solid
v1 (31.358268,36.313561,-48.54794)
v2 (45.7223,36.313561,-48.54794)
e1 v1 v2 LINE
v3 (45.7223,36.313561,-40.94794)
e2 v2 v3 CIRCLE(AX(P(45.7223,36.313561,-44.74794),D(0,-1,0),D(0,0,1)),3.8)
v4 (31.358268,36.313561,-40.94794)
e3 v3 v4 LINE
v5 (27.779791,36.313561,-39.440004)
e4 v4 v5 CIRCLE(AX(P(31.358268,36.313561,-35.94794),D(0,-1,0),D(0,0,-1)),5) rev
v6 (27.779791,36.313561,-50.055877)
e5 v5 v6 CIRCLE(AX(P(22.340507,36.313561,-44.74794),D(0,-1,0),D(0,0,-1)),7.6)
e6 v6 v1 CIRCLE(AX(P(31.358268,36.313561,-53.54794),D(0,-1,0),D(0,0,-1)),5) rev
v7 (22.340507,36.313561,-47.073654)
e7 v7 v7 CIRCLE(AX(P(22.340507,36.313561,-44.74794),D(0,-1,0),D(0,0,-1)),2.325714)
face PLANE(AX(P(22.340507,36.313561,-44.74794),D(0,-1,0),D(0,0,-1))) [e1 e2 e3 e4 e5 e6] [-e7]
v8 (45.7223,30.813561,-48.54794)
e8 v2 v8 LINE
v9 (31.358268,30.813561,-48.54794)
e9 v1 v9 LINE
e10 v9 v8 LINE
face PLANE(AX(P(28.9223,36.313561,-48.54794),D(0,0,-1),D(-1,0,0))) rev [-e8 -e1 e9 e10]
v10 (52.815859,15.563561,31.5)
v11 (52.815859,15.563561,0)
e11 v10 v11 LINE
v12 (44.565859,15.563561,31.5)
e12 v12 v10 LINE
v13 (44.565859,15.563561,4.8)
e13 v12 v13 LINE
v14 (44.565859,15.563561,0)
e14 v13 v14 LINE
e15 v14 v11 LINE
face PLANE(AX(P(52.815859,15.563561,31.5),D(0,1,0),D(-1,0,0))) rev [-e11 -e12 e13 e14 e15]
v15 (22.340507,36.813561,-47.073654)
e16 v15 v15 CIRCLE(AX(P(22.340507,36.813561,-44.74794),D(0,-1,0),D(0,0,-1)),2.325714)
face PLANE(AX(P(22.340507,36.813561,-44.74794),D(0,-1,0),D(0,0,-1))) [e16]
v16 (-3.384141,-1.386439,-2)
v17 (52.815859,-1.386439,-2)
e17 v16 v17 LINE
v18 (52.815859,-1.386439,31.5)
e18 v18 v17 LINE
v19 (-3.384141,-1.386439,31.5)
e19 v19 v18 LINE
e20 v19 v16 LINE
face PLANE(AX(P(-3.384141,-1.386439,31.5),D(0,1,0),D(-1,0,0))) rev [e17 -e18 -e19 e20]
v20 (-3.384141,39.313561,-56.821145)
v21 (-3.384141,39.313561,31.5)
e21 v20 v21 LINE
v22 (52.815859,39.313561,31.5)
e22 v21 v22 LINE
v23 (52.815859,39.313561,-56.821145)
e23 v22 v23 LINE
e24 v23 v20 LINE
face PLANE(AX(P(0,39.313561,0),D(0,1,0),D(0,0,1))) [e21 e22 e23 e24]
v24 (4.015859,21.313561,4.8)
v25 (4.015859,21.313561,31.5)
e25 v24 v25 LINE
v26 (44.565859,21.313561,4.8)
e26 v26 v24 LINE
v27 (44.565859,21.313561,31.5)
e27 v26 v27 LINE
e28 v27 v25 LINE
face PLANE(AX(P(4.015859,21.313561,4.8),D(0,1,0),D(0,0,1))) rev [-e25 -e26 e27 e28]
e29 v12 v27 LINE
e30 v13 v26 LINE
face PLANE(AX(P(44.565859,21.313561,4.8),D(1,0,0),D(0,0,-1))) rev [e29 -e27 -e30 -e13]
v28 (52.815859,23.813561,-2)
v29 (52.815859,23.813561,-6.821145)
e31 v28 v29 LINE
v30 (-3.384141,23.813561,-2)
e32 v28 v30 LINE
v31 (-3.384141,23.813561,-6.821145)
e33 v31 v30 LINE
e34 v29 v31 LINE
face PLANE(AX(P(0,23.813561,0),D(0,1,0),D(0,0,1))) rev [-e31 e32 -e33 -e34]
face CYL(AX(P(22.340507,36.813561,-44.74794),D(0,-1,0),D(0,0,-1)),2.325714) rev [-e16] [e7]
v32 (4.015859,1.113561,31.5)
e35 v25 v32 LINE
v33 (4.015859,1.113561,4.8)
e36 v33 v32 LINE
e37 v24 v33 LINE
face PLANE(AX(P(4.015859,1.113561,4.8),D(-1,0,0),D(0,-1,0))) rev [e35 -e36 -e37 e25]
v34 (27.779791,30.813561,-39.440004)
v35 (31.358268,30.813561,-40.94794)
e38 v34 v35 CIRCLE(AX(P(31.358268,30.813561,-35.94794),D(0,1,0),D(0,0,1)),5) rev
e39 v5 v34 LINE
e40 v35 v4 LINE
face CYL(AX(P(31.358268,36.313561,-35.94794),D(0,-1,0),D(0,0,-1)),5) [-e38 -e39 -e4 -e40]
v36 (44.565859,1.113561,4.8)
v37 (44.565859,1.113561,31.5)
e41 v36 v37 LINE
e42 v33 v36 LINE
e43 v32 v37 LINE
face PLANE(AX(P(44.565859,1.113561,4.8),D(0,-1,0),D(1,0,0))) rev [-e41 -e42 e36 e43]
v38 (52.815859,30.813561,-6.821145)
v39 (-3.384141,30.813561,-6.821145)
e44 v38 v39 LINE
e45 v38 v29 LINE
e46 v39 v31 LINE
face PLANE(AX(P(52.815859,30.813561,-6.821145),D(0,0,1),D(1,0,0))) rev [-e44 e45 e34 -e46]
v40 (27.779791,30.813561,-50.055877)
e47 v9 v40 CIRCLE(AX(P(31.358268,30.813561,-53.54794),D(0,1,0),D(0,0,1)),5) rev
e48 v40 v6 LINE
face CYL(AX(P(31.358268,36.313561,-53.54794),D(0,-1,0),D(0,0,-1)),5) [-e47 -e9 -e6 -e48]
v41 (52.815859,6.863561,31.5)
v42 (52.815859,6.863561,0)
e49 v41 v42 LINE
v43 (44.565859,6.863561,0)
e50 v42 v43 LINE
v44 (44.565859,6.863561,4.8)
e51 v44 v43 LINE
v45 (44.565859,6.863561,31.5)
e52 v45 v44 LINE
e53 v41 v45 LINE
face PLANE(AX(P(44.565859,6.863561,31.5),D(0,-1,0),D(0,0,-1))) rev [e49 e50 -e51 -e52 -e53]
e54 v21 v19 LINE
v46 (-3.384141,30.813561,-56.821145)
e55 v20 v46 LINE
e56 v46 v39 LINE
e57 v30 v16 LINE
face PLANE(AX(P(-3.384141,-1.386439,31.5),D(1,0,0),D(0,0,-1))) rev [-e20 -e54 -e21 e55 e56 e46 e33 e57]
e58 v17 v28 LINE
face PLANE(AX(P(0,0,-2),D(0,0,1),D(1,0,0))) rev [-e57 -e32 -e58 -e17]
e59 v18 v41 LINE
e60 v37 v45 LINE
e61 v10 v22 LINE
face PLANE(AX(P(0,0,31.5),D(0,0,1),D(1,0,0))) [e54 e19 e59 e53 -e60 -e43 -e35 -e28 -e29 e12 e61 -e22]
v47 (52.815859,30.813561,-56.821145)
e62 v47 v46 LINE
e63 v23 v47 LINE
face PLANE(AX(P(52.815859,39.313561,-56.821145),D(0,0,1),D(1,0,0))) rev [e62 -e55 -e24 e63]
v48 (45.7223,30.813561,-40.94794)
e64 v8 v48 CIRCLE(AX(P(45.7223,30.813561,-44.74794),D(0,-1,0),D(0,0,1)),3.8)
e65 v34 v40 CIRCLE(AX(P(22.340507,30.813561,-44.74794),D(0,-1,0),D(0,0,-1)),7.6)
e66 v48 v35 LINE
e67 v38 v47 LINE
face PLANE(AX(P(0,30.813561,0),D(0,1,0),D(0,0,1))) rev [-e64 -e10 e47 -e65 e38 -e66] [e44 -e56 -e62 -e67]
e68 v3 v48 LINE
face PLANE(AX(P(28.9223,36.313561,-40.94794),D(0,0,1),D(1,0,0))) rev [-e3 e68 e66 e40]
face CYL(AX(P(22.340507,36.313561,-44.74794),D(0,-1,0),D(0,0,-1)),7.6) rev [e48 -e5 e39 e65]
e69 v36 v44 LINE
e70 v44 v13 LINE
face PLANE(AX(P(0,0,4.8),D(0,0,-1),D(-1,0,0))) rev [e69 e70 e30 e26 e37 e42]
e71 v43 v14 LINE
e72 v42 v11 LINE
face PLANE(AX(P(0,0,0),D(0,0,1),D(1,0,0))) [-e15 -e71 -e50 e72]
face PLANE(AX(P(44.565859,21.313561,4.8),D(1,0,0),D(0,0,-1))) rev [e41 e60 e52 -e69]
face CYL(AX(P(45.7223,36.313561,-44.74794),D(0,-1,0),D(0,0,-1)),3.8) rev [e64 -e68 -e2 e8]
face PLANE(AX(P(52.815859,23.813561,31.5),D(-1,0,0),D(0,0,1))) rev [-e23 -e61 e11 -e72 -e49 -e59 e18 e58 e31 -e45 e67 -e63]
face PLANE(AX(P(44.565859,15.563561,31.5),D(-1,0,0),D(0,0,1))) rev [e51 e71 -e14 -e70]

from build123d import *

# Parameters (mm, degrees)
BOSS_EXTRUDE1_DEPTH = 31.5
CUT_EXTRUDE1_DEPTH  = 26.7
SKETCH3_W           = 56.2
SKETCH3_H           = 25.2
BOSS_EXTRUDE2_DEPTH = 2
SKETCH5_W           = 56.2
SKETCH5_H           = 20
BOSS_EXTRUDE4_DEPTH = 7
SKETCH6_W           = 56.2
SKETCH6_H           = 60
BOSS_EXTRUDE5_DEPTH = 8.5
CUT_EXTRUDE2_DEPTH  = 5.5
SKETCH11_R          = 2.32571443
CUT_EXTRUDE3_DEPTH  = 0.5
SKETCH12_W          = 56.2
SKETCH12_H          = 7
BOSS_EXTRUDE8_DEPTH = 18.321145389
SKETCH18_W          = 56.2
SKETCH18_H          = 8.5
BOSS_EXTRUDE9_DEPTH = 28.321145389
FILLET5_R           = 5


with BuildPart() as part:
    # Sketch1 → Boss-Extrude1 (new body)
    with BuildSketch(Plane.XY):
        Polygon((-3.384140796, -1.386438558), (-3.384140796, 23.813561442), (52.815859204, 23.813561442), (52.815859204, 15.563561442), (44.565859204, 15.563561442), (44.565859204, 6.863561442), (52.815859204, 6.863561442), (52.815859204, -1.386438558), align=None)
    extrude(amount=BOSS_EXTRUDE1_DEPTH)

    # Sketch2 → Cut-Extrude1 (cut)
    with BuildSketch(Plane.XY.offset(31.5)):
        Polygon((4.015859204, 21.313561442), (44.565859204, 21.313561442), (44.565859204, 15.563561442), (44.565859204, 6.863561442), (44.565859204, 1.113561442), (4.015859204, 1.113561442), align=None)
    extrude(amount=-CUT_EXTRUDE1_DEPTH, mode=Mode.SUBTRACT)

    # Sketch3 → Boss-Extrude2 (add)
    with BuildSketch(Plane(origin=(0, 0, 0), x_dir=(-1, 0, 0), z_dir=(0, 0, -1))):
        with Locations((-24.715859204, 11.213561442)):
            Rectangle(SKETCH3_W, SKETCH3_H)
    extrude(amount=BOSS_EXTRUDE2_DEPTH)

    # Sketch5 → Boss-Extrude4 (add)
    with BuildSketch(Plane(origin=(0, 23.813561442, 0), x_dir=(1, 0, 0), z_dir=(0, 1, 0))):
        with Locations((24.715859204, -3.178854611)):
            Rectangle(SKETCH5_W, SKETCH5_H)
    extrude(amount=BOSS_EXTRUDE4_DEPTH)

    # Sketch6 → Boss-Extrude5 (add)
    with BuildSketch(Plane(origin=(0, 30.813561442, 0), x_dir=(1, 0, 0), z_dir=(0, 1, 0))):
        with Locations((24.715859204, 26.821145389)):
            Rectangle(SKETCH6_W, SKETCH6_H)
    extrude(amount=BOSS_EXTRUDE5_DEPTH)

    # Sketch10 → Cut-Extrude2 (cut)
    with BuildSketch(Plane.XZ.offset(-30.813561442)):
        with BuildLine():
            Line((28.922300324, -40.947940044), (45.722300324, -40.947940044))
            ThreePointArc((45.722300324, -40.947940044), (49.522300324, -44.747940044), (45.722300324, -48.547940044))
            Line((45.722300324, -48.547940044), (28.922300324, -48.547940044))
            ThreePointArc((28.922300324, -48.547940044), (14.740507255, -44.747940044), (28.922300324, -40.947940044))
        make_face()
    extrude(amount=-CUT_EXTRUDE2_DEPTH, mode=Mode.SUBTRACT)

    # Sketch11 → Cut-Extrude3 (cut)
    with BuildSketch(Plane.XZ.offset(-36.313561442)):
        with Locations(Location((22.340507255, -44.747940044, 0), (0, 0, 270))):
            Circle(SKETCH11_R)
    extrude(amount=-CUT_EXTRUDE3_DEPTH, mode=Mode.SUBTRACT)

    # Sketch12 → Boss-Extrude8 (add)
    with BuildSketch(Plane.XY.offset(13.178854611)):
        with Locations((24.715859204, 27.313561442)):
            Rectangle(SKETCH12_W, SKETCH12_H)
    extrude(amount=BOSS_EXTRUDE8_DEPTH)

    # Sketch18 → Boss-Extrude9 (add)
    with BuildSketch(Plane.XY.offset(3.178854611)):
        with Locations((24.715859204, 35.063561442)):
            Rectangle(SKETCH18_W, SKETCH18_H)
    extrude(amount=BOSS_EXTRUDE9_DEPTH)

    # Fillet5
    fillet5_edges = [part.edges().sort_by_distance(p)[0] for p in [
        (28.922300324, 33.563561442, -48.547940044),
        (28.922300324, 33.563561442, -40.947940044),
    ]]
    fillet(fillet5_edges, radius=FILLET5_R)


solid = part.part
